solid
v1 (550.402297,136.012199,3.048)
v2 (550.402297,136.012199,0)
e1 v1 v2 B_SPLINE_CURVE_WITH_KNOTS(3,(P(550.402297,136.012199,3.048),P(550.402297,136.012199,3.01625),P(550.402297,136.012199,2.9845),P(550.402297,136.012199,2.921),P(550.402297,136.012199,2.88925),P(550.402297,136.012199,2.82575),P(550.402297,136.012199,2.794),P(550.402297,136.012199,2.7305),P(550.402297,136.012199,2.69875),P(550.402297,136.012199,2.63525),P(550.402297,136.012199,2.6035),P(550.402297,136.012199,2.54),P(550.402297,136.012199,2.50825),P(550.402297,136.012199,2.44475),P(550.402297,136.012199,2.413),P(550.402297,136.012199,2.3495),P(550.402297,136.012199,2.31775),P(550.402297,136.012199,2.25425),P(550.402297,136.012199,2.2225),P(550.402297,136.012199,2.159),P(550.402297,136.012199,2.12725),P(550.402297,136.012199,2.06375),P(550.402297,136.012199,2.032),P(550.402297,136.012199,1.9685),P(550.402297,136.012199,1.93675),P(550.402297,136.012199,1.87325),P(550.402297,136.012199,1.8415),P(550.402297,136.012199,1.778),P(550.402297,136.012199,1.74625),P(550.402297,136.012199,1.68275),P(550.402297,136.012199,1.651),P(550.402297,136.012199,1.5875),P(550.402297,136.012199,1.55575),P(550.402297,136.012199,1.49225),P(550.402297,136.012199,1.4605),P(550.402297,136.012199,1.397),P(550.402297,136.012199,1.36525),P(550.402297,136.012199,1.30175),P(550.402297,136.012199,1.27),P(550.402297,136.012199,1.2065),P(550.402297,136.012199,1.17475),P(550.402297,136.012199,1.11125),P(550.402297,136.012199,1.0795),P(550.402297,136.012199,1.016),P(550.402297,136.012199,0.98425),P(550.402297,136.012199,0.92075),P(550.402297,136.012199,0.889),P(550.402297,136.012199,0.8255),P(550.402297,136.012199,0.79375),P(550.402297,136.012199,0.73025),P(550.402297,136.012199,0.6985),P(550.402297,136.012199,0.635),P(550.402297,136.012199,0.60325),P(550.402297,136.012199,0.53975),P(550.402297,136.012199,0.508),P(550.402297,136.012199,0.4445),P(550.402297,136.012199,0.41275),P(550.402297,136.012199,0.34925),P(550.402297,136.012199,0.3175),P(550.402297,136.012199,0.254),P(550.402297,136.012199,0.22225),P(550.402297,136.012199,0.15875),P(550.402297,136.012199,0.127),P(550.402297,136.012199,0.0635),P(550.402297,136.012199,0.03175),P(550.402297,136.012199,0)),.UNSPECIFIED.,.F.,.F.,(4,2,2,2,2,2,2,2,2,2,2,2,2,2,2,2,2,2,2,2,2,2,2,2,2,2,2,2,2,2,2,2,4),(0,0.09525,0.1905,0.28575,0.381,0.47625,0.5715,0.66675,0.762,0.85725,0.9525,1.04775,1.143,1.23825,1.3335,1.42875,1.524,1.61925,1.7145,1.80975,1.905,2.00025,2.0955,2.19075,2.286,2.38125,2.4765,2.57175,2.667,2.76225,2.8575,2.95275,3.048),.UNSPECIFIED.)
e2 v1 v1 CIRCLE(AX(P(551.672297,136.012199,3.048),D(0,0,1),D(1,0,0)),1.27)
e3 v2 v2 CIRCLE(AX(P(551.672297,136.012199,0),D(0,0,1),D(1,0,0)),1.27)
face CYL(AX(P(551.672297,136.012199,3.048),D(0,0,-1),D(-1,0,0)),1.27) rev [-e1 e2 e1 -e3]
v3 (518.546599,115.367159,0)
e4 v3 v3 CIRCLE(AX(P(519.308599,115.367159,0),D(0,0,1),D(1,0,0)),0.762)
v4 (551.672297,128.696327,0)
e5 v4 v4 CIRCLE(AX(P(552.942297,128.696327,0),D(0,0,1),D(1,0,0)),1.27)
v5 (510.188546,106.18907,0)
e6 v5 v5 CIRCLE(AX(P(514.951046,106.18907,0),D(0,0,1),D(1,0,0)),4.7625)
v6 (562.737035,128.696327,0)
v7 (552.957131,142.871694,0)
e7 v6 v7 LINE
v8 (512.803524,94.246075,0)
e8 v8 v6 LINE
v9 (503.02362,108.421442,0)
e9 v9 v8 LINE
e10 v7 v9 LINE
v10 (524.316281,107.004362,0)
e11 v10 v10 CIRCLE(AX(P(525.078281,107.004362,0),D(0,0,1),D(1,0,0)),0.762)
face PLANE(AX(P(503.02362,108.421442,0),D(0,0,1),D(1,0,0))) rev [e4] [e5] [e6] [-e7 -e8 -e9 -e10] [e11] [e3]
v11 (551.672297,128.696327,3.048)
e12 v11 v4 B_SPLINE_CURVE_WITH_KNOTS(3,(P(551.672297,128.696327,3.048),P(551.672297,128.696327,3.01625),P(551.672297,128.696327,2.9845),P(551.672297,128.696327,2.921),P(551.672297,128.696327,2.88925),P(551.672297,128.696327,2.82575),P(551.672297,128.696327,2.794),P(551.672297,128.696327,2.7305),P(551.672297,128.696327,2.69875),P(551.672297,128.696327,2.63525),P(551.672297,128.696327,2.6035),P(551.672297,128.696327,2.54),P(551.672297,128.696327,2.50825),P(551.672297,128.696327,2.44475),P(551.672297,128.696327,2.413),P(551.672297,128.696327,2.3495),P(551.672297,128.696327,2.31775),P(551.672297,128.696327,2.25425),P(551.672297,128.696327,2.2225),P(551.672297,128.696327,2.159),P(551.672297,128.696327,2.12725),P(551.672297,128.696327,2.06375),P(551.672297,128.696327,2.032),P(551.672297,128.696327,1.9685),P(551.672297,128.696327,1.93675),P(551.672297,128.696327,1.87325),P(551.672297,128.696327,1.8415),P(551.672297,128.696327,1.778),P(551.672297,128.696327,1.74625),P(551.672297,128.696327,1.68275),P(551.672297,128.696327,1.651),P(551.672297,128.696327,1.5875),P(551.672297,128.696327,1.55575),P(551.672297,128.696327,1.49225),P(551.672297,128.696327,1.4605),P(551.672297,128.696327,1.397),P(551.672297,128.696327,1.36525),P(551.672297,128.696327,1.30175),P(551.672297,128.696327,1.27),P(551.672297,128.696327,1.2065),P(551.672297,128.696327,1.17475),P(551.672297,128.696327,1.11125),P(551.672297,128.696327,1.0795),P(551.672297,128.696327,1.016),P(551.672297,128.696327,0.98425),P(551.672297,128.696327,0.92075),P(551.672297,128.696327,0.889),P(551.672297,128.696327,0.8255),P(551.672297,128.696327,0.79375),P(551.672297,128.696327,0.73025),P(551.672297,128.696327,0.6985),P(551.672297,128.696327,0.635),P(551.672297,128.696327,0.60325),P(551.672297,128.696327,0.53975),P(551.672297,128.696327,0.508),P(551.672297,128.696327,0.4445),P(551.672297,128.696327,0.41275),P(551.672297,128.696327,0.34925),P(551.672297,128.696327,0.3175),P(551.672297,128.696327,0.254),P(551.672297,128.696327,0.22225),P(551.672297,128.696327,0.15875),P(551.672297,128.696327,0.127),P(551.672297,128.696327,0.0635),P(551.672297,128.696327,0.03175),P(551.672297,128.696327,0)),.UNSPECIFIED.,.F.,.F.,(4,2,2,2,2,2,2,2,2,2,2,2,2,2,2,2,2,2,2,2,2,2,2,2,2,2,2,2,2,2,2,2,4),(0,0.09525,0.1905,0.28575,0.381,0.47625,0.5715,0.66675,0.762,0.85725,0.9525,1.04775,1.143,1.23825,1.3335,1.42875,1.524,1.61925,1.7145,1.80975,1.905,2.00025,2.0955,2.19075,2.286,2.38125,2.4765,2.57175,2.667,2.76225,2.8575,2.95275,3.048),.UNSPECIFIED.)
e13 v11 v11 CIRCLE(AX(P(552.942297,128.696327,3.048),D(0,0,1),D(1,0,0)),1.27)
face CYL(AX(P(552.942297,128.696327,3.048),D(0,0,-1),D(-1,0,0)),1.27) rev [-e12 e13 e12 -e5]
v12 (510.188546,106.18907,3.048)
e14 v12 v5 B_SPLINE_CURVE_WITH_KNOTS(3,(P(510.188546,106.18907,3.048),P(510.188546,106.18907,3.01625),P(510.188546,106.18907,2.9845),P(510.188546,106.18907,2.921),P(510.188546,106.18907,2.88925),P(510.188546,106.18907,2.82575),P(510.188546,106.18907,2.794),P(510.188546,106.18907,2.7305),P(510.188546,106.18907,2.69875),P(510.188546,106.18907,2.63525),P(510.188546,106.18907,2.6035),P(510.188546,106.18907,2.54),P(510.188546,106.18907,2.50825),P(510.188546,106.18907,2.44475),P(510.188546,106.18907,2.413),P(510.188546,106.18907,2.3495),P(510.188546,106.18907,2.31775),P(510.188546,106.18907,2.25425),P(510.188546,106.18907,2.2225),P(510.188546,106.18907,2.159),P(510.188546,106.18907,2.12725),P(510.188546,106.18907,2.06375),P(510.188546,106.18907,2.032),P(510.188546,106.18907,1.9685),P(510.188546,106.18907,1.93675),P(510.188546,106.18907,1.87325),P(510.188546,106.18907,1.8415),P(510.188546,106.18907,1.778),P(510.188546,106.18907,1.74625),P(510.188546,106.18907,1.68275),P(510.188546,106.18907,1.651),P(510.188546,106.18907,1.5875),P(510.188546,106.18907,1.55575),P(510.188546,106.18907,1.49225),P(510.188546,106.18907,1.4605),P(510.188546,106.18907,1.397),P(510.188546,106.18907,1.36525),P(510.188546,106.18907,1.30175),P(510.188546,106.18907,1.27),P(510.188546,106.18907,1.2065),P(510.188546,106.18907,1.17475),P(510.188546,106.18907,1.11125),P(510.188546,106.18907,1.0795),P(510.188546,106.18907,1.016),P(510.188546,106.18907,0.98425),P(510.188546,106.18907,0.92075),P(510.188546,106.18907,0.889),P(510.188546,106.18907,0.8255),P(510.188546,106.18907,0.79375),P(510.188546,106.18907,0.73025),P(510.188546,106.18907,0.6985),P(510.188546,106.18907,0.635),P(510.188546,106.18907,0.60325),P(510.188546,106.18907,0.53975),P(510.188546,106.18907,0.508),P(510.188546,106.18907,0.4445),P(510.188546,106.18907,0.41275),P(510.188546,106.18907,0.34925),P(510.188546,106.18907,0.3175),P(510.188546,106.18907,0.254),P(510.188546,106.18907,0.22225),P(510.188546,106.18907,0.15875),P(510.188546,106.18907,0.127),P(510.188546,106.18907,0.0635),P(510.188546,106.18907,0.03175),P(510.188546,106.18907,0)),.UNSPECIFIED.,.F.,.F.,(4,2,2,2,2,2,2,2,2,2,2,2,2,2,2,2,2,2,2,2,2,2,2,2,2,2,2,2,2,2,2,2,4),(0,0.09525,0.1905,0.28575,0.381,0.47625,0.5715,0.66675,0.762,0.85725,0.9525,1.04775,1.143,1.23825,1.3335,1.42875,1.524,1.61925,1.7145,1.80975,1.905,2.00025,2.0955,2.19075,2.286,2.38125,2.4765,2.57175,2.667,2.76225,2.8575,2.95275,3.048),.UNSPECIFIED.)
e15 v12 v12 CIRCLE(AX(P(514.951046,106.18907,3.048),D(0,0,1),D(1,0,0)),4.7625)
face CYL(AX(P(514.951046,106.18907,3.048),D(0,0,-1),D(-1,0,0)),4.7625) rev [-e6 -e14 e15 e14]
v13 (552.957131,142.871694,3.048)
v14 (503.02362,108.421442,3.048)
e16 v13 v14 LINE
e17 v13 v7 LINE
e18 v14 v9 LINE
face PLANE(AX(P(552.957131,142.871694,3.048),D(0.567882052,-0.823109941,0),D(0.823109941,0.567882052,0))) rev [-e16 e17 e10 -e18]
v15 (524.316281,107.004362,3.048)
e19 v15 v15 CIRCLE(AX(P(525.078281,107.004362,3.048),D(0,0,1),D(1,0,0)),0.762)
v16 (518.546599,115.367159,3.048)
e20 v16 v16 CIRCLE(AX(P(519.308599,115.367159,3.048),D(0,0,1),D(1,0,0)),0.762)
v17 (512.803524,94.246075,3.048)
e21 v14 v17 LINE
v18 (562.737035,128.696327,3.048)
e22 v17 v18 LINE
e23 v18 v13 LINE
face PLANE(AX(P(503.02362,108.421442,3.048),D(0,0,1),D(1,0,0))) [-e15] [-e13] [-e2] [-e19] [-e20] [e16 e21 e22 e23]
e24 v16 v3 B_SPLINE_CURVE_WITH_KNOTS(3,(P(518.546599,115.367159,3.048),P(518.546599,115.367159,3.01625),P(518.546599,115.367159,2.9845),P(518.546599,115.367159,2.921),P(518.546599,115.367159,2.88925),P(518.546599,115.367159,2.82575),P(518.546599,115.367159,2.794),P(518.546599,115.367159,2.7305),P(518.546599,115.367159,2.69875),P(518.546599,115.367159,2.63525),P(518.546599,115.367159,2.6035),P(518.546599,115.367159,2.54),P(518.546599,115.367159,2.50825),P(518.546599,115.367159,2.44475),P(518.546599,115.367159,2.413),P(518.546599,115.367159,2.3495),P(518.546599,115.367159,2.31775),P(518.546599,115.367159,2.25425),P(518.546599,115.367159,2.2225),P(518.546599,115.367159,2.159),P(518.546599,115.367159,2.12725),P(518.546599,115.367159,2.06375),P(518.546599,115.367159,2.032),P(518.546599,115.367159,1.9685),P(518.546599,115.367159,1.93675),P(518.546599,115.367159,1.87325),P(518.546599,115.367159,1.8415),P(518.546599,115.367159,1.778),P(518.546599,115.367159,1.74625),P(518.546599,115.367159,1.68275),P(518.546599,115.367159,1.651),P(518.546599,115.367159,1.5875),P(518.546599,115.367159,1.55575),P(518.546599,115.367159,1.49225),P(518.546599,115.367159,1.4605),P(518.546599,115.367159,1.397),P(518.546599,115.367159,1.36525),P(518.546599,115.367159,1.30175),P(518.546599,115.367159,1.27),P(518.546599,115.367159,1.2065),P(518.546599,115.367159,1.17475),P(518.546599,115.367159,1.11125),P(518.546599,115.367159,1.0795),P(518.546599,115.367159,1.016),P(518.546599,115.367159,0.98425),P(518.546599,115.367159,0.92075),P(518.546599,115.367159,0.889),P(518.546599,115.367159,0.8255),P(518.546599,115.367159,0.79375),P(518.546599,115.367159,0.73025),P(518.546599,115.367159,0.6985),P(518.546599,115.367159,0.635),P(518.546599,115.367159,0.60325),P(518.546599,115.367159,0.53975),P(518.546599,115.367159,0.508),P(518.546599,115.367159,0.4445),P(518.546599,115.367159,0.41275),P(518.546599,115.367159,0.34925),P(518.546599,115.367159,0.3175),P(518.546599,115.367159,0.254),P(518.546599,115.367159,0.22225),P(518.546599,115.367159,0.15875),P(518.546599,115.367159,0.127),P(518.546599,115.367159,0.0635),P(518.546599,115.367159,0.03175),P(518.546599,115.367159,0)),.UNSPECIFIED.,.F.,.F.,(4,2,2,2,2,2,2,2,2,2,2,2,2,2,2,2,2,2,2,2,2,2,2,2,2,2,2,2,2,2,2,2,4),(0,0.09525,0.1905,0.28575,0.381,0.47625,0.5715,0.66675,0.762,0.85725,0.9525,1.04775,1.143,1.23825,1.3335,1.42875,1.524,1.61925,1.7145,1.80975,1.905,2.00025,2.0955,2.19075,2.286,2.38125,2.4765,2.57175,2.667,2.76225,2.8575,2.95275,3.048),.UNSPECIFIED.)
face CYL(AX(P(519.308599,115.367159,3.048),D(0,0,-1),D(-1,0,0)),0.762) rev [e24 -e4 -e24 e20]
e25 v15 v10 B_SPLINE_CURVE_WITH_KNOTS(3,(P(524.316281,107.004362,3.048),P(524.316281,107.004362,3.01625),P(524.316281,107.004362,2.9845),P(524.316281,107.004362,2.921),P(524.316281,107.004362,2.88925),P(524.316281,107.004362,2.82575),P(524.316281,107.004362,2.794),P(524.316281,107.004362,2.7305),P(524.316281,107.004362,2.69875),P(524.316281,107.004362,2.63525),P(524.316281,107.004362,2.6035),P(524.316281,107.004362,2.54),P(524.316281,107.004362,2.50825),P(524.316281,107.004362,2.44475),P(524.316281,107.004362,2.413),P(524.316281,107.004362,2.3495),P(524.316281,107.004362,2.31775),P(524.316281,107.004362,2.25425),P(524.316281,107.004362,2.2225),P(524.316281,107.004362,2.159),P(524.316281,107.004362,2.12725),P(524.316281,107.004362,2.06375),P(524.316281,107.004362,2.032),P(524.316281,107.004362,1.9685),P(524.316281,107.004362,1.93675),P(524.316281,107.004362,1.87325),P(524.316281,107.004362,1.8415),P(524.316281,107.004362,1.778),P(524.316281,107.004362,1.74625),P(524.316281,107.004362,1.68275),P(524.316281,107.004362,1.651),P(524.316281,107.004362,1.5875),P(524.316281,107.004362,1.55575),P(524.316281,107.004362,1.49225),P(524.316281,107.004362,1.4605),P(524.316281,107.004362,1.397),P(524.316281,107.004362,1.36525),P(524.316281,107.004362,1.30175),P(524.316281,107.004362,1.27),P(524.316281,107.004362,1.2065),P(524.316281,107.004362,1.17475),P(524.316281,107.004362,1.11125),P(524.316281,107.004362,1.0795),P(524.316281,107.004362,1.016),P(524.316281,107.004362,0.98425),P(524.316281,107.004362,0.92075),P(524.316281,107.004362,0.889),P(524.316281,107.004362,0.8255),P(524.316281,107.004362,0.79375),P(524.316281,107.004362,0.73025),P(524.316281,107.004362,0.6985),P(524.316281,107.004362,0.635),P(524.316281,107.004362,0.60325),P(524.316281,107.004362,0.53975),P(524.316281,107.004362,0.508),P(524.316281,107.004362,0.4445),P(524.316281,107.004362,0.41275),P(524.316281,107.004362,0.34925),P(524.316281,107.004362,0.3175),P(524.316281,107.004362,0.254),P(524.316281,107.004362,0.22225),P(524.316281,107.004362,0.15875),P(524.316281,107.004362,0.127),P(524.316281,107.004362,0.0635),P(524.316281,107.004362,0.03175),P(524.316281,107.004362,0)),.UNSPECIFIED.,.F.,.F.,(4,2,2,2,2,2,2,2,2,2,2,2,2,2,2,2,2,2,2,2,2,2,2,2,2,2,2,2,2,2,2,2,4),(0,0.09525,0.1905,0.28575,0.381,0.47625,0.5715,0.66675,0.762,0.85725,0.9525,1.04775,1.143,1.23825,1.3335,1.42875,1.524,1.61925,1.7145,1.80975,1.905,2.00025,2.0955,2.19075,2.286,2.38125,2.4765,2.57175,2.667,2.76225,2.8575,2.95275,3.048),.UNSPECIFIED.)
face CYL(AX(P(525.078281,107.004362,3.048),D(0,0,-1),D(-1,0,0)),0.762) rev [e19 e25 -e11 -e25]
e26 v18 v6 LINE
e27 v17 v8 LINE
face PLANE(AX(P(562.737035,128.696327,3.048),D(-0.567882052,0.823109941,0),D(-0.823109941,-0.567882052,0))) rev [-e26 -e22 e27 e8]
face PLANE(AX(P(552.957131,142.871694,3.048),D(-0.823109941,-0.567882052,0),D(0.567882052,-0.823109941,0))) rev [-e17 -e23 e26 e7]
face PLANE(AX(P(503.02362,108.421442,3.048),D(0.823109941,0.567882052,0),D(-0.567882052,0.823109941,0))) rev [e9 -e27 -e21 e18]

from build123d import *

# Parameters (mm, degrees)
SKETCH1_R           = 1.27
SKETCH1_R_2         = 4.7625
SKETCH1_R_3         = 0.762
BOSS_EXTRUDE1_DEPTH = 3.048


with BuildPart() as part:
    # Sketch1 → Boss-Extrude1 (new body)
    with BuildSketch(Plane.XY):
        Polygon((552.957131224, 142.871693799), (562.737035343, 128.696327154), (512.803524332, 94.246075371), (503.023620213, 108.421442016), align=None)
        with Locations(Location((551.672296834, 136.012198904, 0), (0, 0, 180))):
            Circle(SKETCH1_R, mode=Mode.SUBTRACT)
        with Locations(Location((552.942296834, 128.696327154, 0), (0, 0, 180))):
            Circle(SKETCH1_R, mode=Mode.SUBTRACT)
        with Locations(Location((514.95104564, 106.189069777, 0), (0, 0, 180))):
            Circle(SKETCH1_R_2, mode=Mode.SUBTRACT)
        with Locations(Location((519.308599463, 115.367159158, 0), (0, 0, 180))):
            Circle(SKETCH1_R_3, mode=Mode.SUBTRACT)
        with Locations(Location((525.078281113, 107.004362159, 0), (0, 0, 180))):
            Circle(SKETCH1_R_3, mode=Mode.SUBTRACT)
    extrude(amount=BOSS_EXTRUDE1_DEPTH)


solid = part.part
